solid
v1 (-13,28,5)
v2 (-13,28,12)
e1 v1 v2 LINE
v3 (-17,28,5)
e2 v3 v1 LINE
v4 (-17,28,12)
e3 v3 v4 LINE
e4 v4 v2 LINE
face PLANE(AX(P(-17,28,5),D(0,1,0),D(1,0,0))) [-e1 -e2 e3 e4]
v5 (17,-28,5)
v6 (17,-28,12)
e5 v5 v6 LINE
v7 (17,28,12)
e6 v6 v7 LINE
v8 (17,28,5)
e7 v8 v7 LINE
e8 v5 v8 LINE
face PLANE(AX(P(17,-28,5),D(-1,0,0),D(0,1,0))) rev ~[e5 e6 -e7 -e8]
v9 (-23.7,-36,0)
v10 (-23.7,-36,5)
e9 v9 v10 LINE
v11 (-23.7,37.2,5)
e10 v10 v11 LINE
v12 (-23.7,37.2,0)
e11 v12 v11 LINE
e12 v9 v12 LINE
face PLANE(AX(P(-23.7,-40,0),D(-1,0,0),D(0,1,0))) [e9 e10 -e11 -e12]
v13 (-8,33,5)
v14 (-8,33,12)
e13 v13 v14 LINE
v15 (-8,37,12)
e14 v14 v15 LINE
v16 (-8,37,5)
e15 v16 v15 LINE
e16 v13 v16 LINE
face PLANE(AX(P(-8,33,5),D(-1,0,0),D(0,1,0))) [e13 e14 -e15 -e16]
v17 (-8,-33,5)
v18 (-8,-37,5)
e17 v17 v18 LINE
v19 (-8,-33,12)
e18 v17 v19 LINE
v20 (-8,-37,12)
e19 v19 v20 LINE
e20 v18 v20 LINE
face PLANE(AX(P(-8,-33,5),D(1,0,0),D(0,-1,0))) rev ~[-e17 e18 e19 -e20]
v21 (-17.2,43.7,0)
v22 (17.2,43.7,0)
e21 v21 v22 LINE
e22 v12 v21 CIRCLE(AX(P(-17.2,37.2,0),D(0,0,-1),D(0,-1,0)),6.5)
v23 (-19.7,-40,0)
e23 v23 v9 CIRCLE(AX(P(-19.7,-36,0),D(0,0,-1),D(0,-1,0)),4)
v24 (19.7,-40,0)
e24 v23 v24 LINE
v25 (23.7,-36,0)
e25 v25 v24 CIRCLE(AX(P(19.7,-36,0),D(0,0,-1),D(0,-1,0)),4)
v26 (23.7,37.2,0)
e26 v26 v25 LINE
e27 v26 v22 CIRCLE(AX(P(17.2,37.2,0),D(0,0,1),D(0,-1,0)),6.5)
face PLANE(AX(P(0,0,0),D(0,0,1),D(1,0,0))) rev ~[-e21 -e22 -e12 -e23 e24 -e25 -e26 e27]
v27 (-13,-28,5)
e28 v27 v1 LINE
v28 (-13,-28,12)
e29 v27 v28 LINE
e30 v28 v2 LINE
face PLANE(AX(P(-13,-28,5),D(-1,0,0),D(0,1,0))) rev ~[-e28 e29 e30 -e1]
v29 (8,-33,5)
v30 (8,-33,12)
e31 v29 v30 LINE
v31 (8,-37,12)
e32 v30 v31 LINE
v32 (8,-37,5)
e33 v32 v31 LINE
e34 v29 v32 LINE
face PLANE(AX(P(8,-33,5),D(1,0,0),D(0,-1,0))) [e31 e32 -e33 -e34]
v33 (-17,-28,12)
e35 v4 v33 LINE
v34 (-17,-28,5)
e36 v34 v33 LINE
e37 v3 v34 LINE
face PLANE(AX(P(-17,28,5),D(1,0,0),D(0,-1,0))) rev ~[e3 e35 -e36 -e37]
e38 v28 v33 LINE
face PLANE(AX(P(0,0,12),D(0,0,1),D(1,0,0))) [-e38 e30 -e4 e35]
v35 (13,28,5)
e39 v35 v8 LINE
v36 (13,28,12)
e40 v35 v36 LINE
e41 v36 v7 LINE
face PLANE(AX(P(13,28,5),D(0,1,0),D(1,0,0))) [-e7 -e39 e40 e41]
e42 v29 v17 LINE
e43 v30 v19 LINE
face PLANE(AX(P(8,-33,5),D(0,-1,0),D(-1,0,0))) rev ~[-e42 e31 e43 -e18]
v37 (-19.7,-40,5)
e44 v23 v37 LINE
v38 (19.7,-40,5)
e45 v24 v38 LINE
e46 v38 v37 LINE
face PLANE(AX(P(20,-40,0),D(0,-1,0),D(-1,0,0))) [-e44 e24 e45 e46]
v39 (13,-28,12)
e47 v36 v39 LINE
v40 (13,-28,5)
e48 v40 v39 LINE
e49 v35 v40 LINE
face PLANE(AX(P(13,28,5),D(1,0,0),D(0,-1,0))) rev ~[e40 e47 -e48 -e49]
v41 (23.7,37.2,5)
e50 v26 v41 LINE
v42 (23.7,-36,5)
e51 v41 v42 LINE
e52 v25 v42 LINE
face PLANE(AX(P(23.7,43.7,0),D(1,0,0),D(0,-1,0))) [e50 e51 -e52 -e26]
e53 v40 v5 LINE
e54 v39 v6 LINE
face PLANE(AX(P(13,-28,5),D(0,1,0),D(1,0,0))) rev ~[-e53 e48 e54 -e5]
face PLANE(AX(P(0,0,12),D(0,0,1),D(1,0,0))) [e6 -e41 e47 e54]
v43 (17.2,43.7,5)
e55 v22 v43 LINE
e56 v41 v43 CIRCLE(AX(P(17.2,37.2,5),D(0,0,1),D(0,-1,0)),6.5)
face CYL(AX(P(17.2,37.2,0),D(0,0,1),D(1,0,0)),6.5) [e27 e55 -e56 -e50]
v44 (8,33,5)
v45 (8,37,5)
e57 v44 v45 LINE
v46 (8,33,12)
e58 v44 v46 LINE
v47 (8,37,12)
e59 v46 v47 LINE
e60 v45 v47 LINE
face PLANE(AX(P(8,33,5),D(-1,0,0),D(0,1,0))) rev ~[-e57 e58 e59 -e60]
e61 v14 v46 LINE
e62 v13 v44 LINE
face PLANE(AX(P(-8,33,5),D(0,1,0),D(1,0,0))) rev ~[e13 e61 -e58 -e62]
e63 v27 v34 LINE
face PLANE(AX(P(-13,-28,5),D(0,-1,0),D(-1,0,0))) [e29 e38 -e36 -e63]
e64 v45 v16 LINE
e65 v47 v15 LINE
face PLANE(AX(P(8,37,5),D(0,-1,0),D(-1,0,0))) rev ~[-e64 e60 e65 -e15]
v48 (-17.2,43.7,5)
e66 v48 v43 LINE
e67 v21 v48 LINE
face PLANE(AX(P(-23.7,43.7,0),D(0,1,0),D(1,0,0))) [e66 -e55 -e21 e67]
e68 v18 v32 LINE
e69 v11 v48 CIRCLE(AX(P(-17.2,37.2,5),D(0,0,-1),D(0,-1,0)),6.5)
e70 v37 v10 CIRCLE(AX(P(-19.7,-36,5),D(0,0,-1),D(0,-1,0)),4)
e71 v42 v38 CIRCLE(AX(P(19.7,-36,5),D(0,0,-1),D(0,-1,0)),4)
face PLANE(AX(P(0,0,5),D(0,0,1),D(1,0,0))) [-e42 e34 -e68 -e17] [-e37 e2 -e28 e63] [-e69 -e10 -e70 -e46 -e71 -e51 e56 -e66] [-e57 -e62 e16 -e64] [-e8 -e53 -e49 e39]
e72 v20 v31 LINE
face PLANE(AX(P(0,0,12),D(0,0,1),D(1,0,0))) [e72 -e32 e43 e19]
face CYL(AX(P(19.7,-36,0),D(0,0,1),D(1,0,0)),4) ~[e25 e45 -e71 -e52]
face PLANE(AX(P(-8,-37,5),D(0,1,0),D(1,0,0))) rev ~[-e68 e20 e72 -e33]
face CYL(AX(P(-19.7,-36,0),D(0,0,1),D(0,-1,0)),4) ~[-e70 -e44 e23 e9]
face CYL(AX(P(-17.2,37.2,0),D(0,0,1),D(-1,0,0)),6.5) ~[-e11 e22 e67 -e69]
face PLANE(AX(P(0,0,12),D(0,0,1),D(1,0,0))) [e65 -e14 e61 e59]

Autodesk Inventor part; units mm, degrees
ref_plane "YZ Plane" through (0, 0, 0) normal (1, 0, 0) x (0, 1, 0)
ref_plane "XZ Plane" through (0, 0, 0) normal (0, 1, 0) x (-1, 0, 0)
ref_plane "XY Plane" through (0, 0, 0) normal (0, 0, 1) x (1, 0, 0)
sketch "Boceto1" plane through (0, 0, 0) normal (0, 0, 1) x (1, 0, 0)
  line L0 (20, -40) -> (-20, -40)
  line L1 (-20, -40) -> (-20, 40)
  line L2 (-20, 40) -> (20, 40)
  line L3 (20, 40) -> (20, -40)
  line L4 (20, -40) -> (-20, 40) construction
  line L5 (-20, -40) -> (20, 40) construction
  line L6 (23.7, -43.7) -> (-23.7, -43.7)
  line L7 (-23.7, -43.7) -> (-23.7, 43.7)
  line L8 (-23.7, 43.7) -> (23.7, 43.7)
  line L9 (23.7, 43.7) -> (23.7, -43.7)
  line L10 (-23.7, -40) -> (23.7, -40)
  point P0 (0, 0)
  dimension "d0" = 40
  dimension "d1" = 80
  dimension "d2" = 3.7
  dimension "d20" = 3.7
extrude "Extrusión1" add sketch "Boceto1" along normal blind 5 contours L0 L1 L2 L3 | L3 L2 L1 L10 L7 L8 L9
sketch "Boceto2" plane through (0, 0, 5) normal (0, 0, 1) x (1, 0, 0)
  line L0 (17.5, -37.5) -> (-17.5, -37.5)
  line L1 (-17.5, -37.5) -> (-17.5, 37.5)
  line L2 (-17.5, 37.5) -> (17.5, 37.5)
  line L3 (17.5, 37.5) -> (17.5, -37.5)
  line L4 (17.5, -37.5) -> (-17.5, 37.5) construction
  line L5 (-17.5, -37.5) -> (17.5, 37.5) construction
  line L6 (17, 37) -> (-17, 37)
  line L7 (-17, 37) -> (-17, -37)
  line L8 (-17, -37) -> (17, -37)
  line L9 (17, -37) -> (17, 37)
  line L10 (-13, 33) -> (13, 33)
  line L11 (13, 33) -> (13, -33)
  line L12 (13, -33) -> (-13, -33)
  line L13 (-13, -33) -> (-13, 33)
  line L14 (8, 33) -> (8, 37)
  line L15 (-8, 33) -> (-8, 37)
  line L16 (13, 28) -> (17, 28)
  line L17 (13, -28) -> (17, -28)
  line L18 (-13, -28) -> (-17, -28)
  line L19 (-8, -33) -> (-8, -37)
  line L20 (8, -33) -> (8, -37)
  line L21 (-17, 28) -> (-13, 28)
  point P0 (0, 0)
  dimension "d5" = 35
  dimension "d6" = 75
  dimension "d7" = 0.5
  dimension "d8" = 4
  dimension "d9" = 5
  dimension "d10" = 5
  dimension "d11" = 5
  dimension "d12" = 5
  dimension "d13" = 5
  dimension "d14" = 5
  dimension "d15" = 5
  dimension "d16" = 5
extrude "Extrusión2" add sketch "Boceto2" along normal blind 7 contours L14 L10 L15 L6 | L9 L17 L11 L16 | L21 L13 L18 L7 | L8 L19 L12 L20
fillet "Empalme1" radius 6.5 2 edges at (23.7, 43.7, 2.5) (-23.7, 43.7, 2.5)
fillet "Empalme2" radius 4 2 edges at (-23.7, -40, 2.5) (23.7, -40, 2.5)
properties part number "Tapacanto delantero"
